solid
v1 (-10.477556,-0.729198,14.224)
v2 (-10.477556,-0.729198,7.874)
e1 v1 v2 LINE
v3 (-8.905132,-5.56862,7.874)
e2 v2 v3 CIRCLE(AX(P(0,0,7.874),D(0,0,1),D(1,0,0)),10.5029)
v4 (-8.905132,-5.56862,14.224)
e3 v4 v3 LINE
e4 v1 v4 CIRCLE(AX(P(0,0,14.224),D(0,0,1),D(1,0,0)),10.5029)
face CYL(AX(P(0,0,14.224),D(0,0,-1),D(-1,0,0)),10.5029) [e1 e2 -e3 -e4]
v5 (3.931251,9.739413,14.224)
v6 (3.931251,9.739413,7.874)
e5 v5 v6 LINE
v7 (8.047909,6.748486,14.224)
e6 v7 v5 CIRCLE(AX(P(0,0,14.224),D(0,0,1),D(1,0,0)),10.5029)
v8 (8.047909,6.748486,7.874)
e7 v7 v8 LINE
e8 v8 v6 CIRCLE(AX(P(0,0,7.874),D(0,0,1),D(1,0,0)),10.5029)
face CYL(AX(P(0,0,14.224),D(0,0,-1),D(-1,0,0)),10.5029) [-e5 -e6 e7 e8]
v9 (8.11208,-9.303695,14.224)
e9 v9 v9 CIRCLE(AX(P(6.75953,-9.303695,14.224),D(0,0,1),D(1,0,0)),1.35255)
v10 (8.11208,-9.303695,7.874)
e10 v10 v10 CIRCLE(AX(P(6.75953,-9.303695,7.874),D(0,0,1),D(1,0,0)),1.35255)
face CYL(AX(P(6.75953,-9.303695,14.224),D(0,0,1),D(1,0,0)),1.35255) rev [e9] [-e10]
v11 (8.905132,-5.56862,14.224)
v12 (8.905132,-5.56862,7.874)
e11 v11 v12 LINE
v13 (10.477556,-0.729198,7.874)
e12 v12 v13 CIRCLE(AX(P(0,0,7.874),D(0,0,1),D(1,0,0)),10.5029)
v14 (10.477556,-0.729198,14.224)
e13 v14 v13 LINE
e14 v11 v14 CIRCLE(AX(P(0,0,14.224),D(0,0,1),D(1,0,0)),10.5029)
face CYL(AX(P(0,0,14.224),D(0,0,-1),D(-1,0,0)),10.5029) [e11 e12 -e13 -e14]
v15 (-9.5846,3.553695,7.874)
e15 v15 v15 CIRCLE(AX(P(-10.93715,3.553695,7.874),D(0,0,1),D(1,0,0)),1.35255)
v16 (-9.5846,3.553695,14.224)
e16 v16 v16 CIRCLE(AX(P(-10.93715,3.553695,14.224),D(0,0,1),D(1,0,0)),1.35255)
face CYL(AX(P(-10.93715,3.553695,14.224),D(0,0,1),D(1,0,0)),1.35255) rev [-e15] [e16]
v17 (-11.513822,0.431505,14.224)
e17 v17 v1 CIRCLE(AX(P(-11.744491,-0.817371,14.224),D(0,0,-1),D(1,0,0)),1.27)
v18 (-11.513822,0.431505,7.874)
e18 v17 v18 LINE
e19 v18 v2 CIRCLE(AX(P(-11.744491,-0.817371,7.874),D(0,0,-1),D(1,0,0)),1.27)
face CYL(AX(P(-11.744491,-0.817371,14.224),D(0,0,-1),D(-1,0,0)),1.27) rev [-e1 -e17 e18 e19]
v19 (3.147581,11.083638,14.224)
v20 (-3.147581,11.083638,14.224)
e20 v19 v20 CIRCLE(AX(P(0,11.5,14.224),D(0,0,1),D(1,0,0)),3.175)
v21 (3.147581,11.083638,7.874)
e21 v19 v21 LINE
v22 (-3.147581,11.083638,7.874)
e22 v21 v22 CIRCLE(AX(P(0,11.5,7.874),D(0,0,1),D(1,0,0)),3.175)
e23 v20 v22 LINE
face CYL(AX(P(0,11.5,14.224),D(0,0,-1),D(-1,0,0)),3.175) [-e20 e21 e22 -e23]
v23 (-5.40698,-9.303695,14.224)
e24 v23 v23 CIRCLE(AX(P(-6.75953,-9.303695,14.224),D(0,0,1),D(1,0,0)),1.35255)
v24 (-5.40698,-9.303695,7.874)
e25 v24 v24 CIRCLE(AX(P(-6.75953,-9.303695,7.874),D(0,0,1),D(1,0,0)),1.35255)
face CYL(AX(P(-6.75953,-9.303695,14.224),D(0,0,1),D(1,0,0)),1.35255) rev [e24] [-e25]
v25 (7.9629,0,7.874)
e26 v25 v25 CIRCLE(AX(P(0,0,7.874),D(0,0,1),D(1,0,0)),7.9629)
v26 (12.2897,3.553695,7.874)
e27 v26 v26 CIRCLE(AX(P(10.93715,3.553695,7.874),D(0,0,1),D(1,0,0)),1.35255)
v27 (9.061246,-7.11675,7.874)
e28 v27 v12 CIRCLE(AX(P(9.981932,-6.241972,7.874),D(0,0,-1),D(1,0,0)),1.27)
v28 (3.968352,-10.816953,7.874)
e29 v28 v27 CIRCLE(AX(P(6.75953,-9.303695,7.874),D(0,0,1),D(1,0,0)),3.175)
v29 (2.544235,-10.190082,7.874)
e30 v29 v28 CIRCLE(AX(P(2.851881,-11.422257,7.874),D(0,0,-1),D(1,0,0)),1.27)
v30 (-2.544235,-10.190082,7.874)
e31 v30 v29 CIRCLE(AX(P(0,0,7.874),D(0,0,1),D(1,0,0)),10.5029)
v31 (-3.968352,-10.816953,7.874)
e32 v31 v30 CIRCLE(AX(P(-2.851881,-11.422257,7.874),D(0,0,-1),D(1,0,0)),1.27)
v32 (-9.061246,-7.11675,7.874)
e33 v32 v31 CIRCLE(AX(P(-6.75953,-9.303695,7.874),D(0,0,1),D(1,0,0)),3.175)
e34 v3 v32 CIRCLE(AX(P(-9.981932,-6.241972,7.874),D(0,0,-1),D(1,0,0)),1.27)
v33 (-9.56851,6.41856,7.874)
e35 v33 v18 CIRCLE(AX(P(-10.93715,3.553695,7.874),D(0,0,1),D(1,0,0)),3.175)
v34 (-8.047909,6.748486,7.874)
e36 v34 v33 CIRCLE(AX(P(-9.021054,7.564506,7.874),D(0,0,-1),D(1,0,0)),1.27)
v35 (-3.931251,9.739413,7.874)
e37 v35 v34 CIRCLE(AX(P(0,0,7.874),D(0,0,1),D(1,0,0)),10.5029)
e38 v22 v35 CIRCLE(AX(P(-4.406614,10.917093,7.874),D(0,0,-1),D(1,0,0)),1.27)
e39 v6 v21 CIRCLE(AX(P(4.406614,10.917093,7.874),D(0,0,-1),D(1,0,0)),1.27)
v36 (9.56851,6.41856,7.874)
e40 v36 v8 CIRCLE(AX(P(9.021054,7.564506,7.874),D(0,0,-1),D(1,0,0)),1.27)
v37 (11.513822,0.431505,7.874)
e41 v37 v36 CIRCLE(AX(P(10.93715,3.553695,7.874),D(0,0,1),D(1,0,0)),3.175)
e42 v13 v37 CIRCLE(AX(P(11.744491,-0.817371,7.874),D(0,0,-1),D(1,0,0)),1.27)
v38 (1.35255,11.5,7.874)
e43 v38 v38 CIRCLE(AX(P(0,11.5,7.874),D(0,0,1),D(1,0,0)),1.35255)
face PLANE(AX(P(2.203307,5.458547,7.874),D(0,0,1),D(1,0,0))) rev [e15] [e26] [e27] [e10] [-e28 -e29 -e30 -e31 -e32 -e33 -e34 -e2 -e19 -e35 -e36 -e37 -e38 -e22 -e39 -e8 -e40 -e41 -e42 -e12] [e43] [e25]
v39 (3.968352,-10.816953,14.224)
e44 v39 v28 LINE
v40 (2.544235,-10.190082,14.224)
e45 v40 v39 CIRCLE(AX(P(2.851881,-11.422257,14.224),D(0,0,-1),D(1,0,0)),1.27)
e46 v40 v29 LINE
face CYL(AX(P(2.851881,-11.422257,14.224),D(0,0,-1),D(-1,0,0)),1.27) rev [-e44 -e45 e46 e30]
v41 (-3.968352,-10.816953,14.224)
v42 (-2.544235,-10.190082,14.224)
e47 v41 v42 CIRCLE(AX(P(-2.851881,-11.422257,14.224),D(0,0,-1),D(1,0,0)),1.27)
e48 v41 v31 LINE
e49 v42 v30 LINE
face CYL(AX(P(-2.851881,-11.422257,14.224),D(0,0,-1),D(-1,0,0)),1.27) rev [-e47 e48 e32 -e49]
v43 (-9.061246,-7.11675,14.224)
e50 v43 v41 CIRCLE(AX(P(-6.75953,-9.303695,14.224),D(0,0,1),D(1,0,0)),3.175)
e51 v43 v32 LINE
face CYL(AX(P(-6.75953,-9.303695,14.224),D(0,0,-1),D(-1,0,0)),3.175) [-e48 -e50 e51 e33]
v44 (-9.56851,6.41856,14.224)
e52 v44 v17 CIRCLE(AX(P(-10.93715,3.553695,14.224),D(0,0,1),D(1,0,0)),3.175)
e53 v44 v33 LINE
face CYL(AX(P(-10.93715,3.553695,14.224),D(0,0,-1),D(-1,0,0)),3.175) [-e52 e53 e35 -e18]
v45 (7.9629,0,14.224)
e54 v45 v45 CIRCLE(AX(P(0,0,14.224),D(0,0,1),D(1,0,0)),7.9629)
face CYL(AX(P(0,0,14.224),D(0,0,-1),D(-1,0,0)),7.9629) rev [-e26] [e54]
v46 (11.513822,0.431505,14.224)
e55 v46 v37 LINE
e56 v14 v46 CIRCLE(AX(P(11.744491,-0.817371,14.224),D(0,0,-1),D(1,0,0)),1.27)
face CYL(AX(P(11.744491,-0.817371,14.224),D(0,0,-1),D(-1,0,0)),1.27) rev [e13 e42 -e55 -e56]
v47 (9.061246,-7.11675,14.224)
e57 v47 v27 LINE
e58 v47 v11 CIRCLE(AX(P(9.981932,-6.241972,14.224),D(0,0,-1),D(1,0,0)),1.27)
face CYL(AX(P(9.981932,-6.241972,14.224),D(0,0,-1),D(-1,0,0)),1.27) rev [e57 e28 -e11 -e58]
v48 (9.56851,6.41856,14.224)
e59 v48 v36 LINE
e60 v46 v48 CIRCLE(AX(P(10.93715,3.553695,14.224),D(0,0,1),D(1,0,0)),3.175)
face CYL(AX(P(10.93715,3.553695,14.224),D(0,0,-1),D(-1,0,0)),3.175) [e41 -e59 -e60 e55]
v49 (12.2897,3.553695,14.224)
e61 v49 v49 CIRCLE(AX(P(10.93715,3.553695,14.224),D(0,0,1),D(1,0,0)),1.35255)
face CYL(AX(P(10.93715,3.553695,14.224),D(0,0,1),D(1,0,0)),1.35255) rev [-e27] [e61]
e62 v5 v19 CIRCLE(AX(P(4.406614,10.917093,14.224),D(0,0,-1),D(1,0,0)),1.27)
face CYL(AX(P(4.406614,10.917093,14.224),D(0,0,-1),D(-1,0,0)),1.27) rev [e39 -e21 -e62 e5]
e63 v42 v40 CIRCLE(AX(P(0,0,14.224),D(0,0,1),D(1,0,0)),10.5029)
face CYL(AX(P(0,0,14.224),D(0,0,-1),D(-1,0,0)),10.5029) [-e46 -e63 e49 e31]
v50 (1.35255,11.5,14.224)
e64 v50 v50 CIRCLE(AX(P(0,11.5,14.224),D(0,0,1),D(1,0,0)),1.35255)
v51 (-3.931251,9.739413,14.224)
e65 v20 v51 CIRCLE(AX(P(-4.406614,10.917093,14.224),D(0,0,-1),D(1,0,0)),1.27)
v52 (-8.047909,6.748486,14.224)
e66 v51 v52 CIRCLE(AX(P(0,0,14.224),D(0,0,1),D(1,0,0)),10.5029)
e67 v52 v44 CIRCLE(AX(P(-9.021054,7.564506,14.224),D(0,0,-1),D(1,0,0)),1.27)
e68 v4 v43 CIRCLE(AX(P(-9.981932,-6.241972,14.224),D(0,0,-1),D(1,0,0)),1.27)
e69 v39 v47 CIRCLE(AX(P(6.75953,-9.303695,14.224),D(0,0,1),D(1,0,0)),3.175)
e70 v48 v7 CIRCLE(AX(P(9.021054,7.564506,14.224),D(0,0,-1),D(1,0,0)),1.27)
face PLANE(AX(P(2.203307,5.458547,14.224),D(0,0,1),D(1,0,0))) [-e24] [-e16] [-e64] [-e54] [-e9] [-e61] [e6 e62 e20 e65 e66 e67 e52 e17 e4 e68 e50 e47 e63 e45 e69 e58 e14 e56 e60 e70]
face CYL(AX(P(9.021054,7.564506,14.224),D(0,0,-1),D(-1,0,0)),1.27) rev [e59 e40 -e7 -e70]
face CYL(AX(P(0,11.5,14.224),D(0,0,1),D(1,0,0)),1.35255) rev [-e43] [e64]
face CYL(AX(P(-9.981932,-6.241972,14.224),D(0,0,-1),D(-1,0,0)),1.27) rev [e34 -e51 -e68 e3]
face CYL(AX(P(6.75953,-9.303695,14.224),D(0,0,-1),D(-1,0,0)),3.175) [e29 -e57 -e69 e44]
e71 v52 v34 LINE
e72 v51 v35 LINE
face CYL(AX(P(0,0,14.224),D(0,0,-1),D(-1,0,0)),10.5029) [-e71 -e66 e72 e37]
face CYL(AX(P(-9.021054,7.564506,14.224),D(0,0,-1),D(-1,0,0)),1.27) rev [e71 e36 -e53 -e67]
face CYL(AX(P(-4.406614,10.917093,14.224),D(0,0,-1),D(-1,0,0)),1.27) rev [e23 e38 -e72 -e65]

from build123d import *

# Parameters (mm, degrees)
SKETCH1_R             = 7.9629
BOSS_EXTRUDE1_DEPTH   = 6.35
F_6_32_TAPPED_HOLE1_D = 2.7051


with BuildPart() as part:
    # Sketch1 → Boss-Extrude1 (new body)
    with BuildSketch(Plane.XY.offset(7.874)):
        with BuildLine():
            ThreePointArc((8.047909304, 6.74848607), (6.173449726, 8.49702459), (3.931250908, 9.739413469))
            ThreePointArc((3.931250908, 9.739413469), (3.309450684, 10.277458281), (3.147581267, 11.08363818))
            ThreePointArc((3.147581267, 11.08363818), (0, 14.675), (-3.147581267, 11.08363818))
            ThreePointArc((-3.147581267, 11.08363818), (-3.309450684, 10.277458281), (-3.931250908, 9.739413469))
            ThreePointArc((-3.931250908, 9.739413469), (-6.173449726, 8.49702459), (-8.047909304, 6.74848607))
            ThreePointArc((-8.047909304, 6.74848607), (-8.751767166, 6.323383906), (-9.568510213, 6.418560232))
            ThreePointArc((-9.568510213, 6.418560232), (-13.956754377, 4.534824392), (-11.513822419, 0.431504882))
            ThreePointArc((-11.513822419, 0.431504882), (-10.797120172, 0.028434629), (-10.477555984, -0.729197516))
            ThreePointArc((-10.477555984, -0.729197516), (-9.988851485, -3.24557459), (-8.905132396, -5.568619705))
            ThreePointArc((-8.905132396, -5.568619705), (-8.718340254, -6.369392103), (-9.061245801, -7.116749798))
            ThreePointArc((-9.061245801, -7.116749798), (-8.625748577, -11.872324392), (-3.968352328, -10.816953497))
            ThreePointArc((-3.968352328, -10.816953497), (-3.363536563, -10.259884713), (-2.544234809, -10.190082318))
            ThreePointArc((-2.544234809, -10.190082318), (0, -10.5029), (2.544234809, -10.190082318))
            ThreePointArc((2.544234809, -10.190082318), (3.363536563, -10.259884713), (3.968352328, -10.816953497))
            ThreePointArc((3.968352328, -10.816953497), (8.625748577, -11.872324392), (9.061245801, -7.116749798))
            ThreePointArc((9.061245801, -7.116749798), (8.718340254, -6.369392103), (8.905132396, -5.568619705))
            ThreePointArc((8.905132396, -5.568619705), (9.988851485, -3.24557459), (10.477555984, -0.729197516))
            ThreePointArc((10.477555984, -0.729197516), (10.797120172, 0.028434629), (11.513822419, 0.431504882))
            ThreePointArc((11.513822419, 0.431504882), (13.956754377, 4.534824392), (9.568510213, 6.418560232))
            ThreePointArc((9.568510213, 6.418560232), (8.751767166, 6.323383906), (8.047909304, 6.74848607))
        make_face()
        Circle(SKETCH1_R, mode=Mode.SUBTRACT)
    extrude(amount=BOSS_EXTRUDE1_DEPTH)

    # #6-32 Tapped Hole1 (through all)
    with Locations(Plane.XY.offset(14.224)):
        with Locations((-10.937149937, 3.553695435), (0, 11.5), (10.937149937, 3.553695435), (6.759530401, -9.303695435), (-6.759530401, -9.303695435)):
            Hole(F_6_32_TAPPED_HOLE1_D / 2)


solid = part.part
